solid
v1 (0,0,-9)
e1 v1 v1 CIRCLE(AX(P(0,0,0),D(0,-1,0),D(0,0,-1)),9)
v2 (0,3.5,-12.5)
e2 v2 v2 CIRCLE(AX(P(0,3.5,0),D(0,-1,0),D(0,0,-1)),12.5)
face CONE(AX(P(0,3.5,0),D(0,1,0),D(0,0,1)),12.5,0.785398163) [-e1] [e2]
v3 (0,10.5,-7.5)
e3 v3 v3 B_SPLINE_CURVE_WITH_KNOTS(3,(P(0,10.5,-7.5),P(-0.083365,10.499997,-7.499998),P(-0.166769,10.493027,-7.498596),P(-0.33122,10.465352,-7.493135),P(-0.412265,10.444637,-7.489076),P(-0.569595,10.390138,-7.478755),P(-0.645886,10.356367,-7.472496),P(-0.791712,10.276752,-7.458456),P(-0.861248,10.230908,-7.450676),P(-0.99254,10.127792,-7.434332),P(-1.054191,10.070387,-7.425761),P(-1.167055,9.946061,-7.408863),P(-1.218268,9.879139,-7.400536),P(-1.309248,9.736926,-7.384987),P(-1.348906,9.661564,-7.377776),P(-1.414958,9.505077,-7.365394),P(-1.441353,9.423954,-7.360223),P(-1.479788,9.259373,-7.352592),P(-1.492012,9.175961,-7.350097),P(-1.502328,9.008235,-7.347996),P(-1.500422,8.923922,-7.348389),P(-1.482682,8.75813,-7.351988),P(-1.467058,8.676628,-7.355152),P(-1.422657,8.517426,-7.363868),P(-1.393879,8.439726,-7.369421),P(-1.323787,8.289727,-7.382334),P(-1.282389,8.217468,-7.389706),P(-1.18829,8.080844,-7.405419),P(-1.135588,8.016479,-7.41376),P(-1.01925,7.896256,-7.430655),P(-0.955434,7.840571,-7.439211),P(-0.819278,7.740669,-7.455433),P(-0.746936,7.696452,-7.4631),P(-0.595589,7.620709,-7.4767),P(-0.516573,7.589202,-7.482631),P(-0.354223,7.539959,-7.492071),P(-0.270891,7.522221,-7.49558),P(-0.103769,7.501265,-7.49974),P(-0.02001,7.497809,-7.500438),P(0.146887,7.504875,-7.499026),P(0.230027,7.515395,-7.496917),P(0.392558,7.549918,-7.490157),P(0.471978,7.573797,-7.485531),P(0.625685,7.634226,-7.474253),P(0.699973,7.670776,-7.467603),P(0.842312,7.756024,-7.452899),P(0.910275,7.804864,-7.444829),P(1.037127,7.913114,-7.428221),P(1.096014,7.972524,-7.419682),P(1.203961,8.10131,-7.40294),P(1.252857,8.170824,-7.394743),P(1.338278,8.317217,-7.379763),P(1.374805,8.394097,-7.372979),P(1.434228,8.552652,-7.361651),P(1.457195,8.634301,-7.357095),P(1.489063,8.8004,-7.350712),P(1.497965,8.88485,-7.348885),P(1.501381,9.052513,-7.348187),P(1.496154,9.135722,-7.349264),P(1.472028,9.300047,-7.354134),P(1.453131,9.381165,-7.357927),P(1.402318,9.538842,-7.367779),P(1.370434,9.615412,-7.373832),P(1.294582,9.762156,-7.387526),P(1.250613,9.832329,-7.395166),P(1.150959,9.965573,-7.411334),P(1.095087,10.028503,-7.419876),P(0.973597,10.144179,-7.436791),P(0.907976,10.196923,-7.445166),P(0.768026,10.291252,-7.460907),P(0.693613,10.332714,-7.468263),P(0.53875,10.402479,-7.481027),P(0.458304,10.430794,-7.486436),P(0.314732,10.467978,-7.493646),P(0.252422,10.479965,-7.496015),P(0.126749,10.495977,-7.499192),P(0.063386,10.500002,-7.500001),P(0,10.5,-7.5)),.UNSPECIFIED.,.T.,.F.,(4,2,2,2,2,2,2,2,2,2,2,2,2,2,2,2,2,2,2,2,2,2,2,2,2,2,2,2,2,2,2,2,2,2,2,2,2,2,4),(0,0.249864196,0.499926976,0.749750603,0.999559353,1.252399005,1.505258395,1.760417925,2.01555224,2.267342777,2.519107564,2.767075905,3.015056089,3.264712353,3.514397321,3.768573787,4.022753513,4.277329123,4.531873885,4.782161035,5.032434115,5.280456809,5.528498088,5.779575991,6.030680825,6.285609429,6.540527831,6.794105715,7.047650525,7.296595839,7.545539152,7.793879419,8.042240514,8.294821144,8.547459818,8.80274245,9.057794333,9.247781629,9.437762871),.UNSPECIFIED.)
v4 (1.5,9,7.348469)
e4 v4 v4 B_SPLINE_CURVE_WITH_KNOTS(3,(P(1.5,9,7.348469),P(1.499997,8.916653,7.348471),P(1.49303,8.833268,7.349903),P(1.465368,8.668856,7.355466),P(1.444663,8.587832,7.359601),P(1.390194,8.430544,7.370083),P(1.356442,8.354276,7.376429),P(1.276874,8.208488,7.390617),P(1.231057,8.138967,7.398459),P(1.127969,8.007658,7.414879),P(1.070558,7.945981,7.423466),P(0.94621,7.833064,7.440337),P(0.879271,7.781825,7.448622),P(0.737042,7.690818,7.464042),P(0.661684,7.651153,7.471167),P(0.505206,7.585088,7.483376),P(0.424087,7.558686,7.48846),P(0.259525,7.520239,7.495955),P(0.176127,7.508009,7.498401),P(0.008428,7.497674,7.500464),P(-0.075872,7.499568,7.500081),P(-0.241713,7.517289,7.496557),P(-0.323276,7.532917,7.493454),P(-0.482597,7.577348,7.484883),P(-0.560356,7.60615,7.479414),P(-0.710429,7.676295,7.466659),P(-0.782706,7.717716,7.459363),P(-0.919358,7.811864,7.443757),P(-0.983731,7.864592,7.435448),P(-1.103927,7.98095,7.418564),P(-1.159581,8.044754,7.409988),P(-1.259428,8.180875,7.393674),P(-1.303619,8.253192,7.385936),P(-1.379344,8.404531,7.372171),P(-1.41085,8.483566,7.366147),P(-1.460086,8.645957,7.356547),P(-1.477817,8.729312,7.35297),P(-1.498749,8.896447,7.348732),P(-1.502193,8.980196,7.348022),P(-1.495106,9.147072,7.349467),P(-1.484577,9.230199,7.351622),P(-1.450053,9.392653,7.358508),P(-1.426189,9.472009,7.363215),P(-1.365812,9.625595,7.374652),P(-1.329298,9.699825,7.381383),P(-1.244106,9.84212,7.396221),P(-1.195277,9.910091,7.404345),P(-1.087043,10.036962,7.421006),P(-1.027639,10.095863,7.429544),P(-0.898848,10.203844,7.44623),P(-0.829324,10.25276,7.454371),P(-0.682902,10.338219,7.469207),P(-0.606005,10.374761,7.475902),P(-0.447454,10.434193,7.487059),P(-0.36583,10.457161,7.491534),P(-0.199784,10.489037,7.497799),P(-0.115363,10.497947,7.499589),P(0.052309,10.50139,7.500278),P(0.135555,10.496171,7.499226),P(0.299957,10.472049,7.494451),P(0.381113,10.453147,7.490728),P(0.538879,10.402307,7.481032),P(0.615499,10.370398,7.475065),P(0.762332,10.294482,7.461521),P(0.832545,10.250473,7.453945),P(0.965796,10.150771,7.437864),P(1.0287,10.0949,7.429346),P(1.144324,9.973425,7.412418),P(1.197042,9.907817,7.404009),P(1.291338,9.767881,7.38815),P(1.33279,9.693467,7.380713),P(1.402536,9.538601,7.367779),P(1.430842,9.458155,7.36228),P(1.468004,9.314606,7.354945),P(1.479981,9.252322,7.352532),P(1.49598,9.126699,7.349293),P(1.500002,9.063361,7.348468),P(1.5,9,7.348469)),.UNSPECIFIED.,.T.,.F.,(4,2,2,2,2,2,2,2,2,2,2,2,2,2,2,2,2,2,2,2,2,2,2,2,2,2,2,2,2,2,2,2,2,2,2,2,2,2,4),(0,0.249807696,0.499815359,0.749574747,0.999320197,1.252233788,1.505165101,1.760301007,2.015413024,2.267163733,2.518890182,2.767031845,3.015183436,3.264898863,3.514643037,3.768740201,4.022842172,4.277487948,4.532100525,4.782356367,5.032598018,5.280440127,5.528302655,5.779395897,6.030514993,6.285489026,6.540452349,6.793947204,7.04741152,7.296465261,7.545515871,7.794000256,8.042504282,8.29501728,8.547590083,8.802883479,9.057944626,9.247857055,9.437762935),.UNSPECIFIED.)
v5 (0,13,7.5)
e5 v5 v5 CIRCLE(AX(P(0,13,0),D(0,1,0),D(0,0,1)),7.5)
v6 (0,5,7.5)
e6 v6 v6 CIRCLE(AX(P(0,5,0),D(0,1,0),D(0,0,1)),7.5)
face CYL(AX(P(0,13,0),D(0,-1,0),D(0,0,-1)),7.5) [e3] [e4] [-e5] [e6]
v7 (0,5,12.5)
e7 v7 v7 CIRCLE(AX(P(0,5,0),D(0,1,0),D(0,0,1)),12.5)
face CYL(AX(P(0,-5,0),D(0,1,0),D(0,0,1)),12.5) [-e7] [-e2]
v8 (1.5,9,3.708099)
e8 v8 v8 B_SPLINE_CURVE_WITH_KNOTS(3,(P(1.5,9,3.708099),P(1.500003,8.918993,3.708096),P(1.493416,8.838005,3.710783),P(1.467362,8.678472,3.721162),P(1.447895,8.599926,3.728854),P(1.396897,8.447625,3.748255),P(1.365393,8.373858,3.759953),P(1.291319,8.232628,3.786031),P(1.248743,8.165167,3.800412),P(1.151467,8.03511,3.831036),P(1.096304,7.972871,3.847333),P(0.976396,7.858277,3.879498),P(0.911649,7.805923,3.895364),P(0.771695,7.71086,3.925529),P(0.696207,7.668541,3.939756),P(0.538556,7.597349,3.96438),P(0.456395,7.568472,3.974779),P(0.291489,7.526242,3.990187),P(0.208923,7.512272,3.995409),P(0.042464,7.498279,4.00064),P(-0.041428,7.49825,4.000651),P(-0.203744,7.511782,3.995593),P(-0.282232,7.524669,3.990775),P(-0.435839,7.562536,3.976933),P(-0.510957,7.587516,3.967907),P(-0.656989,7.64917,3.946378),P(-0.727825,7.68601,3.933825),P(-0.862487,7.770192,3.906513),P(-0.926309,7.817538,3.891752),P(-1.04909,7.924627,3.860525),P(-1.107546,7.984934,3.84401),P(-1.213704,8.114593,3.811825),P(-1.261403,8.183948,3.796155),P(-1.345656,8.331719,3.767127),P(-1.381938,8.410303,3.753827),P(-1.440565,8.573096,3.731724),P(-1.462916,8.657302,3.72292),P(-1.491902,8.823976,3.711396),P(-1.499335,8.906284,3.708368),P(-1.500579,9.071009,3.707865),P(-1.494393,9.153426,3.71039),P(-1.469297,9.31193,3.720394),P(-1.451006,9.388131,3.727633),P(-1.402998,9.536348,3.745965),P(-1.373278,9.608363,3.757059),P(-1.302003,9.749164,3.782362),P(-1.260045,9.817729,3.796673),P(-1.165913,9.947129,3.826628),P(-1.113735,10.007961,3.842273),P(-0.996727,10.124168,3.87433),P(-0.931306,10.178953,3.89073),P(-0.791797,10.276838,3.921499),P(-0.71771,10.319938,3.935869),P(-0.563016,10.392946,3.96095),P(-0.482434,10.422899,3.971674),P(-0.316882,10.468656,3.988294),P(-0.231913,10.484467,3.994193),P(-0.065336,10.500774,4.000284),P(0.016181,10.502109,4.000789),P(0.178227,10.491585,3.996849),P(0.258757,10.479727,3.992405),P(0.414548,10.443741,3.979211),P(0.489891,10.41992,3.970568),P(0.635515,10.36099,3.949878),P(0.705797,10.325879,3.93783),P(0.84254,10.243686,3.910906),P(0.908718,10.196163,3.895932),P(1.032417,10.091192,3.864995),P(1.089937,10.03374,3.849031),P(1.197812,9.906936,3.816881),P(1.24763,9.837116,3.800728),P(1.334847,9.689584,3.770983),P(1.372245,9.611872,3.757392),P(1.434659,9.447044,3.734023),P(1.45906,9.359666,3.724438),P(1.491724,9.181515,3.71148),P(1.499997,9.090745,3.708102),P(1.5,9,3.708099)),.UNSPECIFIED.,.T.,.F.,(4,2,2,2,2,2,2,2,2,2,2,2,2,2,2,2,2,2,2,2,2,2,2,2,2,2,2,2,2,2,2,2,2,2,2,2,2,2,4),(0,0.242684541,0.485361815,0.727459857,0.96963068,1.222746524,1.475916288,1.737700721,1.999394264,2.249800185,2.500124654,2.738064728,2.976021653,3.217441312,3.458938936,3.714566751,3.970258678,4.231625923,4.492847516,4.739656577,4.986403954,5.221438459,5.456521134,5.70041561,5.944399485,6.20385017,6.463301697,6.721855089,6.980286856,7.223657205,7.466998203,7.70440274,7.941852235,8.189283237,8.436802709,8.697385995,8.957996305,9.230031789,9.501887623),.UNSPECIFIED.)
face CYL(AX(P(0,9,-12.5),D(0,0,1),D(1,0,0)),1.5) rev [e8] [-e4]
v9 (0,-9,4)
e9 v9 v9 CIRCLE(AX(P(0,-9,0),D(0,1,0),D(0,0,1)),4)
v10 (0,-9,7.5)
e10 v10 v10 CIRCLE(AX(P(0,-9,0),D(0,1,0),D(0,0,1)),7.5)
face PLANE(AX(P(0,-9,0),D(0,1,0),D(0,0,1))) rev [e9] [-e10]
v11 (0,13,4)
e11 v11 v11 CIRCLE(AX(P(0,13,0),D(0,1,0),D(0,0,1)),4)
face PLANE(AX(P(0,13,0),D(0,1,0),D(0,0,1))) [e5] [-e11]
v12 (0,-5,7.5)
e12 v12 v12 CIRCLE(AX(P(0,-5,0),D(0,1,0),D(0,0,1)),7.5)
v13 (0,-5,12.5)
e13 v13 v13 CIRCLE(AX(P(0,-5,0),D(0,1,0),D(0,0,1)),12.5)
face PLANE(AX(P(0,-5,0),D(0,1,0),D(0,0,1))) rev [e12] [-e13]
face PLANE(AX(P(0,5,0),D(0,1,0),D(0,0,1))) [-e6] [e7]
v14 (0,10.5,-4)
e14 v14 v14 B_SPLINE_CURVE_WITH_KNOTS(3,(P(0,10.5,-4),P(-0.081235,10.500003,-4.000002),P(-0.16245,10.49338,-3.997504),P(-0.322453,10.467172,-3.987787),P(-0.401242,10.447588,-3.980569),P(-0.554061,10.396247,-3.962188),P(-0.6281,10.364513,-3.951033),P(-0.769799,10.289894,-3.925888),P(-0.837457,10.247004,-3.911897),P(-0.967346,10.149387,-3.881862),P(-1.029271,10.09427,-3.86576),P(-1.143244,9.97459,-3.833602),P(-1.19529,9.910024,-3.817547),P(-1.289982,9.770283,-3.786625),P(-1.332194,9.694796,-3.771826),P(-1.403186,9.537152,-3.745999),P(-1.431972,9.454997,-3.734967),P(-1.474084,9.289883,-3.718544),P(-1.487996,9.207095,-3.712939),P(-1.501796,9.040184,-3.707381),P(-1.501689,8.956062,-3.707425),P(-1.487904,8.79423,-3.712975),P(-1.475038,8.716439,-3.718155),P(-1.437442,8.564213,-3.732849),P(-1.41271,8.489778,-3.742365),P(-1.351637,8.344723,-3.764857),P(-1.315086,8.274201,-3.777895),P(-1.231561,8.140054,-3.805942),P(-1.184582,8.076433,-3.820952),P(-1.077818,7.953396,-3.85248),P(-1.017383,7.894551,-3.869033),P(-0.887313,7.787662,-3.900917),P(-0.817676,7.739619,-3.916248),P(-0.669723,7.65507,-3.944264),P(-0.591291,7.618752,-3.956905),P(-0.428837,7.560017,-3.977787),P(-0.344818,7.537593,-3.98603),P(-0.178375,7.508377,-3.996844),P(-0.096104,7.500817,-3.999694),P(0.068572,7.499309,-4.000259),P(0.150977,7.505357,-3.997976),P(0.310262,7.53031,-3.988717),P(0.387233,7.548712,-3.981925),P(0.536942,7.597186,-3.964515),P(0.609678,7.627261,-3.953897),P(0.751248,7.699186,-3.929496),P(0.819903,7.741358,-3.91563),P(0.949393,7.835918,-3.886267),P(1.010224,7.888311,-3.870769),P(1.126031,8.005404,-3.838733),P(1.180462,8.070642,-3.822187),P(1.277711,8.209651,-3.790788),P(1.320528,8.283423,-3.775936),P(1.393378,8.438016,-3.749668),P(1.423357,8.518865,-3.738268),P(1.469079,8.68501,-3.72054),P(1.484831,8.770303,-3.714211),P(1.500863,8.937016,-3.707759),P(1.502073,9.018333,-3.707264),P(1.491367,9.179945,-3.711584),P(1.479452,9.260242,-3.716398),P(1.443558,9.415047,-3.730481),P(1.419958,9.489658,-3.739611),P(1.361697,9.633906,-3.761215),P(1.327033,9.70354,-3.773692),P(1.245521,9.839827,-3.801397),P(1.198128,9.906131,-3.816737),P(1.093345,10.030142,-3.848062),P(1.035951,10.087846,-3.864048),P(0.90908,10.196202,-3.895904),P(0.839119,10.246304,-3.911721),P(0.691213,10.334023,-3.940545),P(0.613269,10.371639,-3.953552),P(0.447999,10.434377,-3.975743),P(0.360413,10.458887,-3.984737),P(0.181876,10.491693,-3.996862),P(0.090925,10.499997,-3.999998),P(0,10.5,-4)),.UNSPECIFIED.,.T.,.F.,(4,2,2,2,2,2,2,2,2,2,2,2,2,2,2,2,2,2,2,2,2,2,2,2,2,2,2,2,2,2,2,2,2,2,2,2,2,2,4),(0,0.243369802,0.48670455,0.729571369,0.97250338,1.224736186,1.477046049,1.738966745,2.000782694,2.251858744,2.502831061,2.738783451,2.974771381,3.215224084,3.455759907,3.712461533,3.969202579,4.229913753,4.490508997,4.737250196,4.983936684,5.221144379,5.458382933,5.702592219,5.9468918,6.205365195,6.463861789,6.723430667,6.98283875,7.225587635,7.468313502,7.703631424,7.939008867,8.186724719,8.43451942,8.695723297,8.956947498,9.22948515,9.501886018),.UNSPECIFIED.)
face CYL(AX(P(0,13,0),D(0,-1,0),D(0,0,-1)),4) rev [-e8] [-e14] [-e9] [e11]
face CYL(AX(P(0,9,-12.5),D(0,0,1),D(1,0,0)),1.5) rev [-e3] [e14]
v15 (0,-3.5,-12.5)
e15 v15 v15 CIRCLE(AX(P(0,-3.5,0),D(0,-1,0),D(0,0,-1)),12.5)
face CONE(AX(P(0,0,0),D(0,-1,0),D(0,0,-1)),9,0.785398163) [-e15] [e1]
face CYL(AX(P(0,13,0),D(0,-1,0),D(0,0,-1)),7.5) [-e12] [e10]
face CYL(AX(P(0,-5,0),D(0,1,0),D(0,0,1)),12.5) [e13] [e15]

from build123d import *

# Parameters (mm, degrees)
SKETCH1_R                = 7.5
SKETCH1_R_2              = 4
BOSS_EXTRUDE1_DEPTH      = 13
BOSS_EXTRUDE1_DEPTH_BACK = 9
SKETCH1_4_R              = 12.5
SKETCH1_4_R_2            = 7.5
BOSS_EXTRUDE2_DEPTH      = 5
BOSS_EXTRUDE2_DEPTH_BACK = 5
SKETCH3_R                = 1.5
CUT_EXTRUDE1_DEPTH       = 13.5
CUT_EXTRUDE1_DEPTH_BACK  = 13.5


with BuildPart() as part:
    # Sketch1 → Boss-Extrude1 (new body, two sides)
    with BuildSketch(Plane(origin=(0, 0, 0), x_dir=(1, 0, 0), z_dir=(0, 1, 0))) as boss_extrude1_sk:
        Circle(SKETCH1_R)
        Circle(SKETCH1_R_2, mode=Mode.SUBTRACT)
    extrude(amount=BOSS_EXTRUDE1_DEPTH)
    extrude(boss_extrude1_sk.sketch, amount=-BOSS_EXTRUDE1_DEPTH_BACK)

    # Sketch1<4> → Boss-Extrude2 (add, two sides)
    with BuildSketch(Plane(origin=(0, 0, 0), x_dir=(1, 0, 0), z_dir=(0, 1, 0))) as boss_extrude2_sk:
        Circle(SKETCH1_4_R)
        Circle(SKETCH1_4_R_2, mode=Mode.SUBTRACT)
    extrude(amount=BOSS_EXTRUDE2_DEPTH)
    extrude(boss_extrude2_sk.sketch, amount=-BOSS_EXTRUDE2_DEPTH_BACK)

    # Sketch2 → Cut-Revolve1 (revolve, cut)
    with BuildSketch(Plane(origin=(0, 0, 0), x_dir=(0, 0, -1), z_dir=(1, 0, 0))):
        Polygon((-12.5, 3.5), (-9, 0), (-12.5, -3.5), align=None)
    revolve(axis=Axis((0, 0, 0), (0, 1, 0)), mode=Mode.SUBTRACT)

    # Sketch3 → Cut-Extrude1 (cut, two sides)
    with BuildSketch(Plane.XY) as cut_extrude1_sk:
        with Locations((0, 9)):
            Circle(SKETCH3_R)
    extrude(amount=CUT_EXTRUDE1_DEPTH, mode=Mode.SUBTRACT)
    extrude(cut_extrude1_sk.sketch, amount=-CUT_EXTRUDE1_DEPTH_BACK, mode=Mode.SUBTRACT)


solid = part.part
